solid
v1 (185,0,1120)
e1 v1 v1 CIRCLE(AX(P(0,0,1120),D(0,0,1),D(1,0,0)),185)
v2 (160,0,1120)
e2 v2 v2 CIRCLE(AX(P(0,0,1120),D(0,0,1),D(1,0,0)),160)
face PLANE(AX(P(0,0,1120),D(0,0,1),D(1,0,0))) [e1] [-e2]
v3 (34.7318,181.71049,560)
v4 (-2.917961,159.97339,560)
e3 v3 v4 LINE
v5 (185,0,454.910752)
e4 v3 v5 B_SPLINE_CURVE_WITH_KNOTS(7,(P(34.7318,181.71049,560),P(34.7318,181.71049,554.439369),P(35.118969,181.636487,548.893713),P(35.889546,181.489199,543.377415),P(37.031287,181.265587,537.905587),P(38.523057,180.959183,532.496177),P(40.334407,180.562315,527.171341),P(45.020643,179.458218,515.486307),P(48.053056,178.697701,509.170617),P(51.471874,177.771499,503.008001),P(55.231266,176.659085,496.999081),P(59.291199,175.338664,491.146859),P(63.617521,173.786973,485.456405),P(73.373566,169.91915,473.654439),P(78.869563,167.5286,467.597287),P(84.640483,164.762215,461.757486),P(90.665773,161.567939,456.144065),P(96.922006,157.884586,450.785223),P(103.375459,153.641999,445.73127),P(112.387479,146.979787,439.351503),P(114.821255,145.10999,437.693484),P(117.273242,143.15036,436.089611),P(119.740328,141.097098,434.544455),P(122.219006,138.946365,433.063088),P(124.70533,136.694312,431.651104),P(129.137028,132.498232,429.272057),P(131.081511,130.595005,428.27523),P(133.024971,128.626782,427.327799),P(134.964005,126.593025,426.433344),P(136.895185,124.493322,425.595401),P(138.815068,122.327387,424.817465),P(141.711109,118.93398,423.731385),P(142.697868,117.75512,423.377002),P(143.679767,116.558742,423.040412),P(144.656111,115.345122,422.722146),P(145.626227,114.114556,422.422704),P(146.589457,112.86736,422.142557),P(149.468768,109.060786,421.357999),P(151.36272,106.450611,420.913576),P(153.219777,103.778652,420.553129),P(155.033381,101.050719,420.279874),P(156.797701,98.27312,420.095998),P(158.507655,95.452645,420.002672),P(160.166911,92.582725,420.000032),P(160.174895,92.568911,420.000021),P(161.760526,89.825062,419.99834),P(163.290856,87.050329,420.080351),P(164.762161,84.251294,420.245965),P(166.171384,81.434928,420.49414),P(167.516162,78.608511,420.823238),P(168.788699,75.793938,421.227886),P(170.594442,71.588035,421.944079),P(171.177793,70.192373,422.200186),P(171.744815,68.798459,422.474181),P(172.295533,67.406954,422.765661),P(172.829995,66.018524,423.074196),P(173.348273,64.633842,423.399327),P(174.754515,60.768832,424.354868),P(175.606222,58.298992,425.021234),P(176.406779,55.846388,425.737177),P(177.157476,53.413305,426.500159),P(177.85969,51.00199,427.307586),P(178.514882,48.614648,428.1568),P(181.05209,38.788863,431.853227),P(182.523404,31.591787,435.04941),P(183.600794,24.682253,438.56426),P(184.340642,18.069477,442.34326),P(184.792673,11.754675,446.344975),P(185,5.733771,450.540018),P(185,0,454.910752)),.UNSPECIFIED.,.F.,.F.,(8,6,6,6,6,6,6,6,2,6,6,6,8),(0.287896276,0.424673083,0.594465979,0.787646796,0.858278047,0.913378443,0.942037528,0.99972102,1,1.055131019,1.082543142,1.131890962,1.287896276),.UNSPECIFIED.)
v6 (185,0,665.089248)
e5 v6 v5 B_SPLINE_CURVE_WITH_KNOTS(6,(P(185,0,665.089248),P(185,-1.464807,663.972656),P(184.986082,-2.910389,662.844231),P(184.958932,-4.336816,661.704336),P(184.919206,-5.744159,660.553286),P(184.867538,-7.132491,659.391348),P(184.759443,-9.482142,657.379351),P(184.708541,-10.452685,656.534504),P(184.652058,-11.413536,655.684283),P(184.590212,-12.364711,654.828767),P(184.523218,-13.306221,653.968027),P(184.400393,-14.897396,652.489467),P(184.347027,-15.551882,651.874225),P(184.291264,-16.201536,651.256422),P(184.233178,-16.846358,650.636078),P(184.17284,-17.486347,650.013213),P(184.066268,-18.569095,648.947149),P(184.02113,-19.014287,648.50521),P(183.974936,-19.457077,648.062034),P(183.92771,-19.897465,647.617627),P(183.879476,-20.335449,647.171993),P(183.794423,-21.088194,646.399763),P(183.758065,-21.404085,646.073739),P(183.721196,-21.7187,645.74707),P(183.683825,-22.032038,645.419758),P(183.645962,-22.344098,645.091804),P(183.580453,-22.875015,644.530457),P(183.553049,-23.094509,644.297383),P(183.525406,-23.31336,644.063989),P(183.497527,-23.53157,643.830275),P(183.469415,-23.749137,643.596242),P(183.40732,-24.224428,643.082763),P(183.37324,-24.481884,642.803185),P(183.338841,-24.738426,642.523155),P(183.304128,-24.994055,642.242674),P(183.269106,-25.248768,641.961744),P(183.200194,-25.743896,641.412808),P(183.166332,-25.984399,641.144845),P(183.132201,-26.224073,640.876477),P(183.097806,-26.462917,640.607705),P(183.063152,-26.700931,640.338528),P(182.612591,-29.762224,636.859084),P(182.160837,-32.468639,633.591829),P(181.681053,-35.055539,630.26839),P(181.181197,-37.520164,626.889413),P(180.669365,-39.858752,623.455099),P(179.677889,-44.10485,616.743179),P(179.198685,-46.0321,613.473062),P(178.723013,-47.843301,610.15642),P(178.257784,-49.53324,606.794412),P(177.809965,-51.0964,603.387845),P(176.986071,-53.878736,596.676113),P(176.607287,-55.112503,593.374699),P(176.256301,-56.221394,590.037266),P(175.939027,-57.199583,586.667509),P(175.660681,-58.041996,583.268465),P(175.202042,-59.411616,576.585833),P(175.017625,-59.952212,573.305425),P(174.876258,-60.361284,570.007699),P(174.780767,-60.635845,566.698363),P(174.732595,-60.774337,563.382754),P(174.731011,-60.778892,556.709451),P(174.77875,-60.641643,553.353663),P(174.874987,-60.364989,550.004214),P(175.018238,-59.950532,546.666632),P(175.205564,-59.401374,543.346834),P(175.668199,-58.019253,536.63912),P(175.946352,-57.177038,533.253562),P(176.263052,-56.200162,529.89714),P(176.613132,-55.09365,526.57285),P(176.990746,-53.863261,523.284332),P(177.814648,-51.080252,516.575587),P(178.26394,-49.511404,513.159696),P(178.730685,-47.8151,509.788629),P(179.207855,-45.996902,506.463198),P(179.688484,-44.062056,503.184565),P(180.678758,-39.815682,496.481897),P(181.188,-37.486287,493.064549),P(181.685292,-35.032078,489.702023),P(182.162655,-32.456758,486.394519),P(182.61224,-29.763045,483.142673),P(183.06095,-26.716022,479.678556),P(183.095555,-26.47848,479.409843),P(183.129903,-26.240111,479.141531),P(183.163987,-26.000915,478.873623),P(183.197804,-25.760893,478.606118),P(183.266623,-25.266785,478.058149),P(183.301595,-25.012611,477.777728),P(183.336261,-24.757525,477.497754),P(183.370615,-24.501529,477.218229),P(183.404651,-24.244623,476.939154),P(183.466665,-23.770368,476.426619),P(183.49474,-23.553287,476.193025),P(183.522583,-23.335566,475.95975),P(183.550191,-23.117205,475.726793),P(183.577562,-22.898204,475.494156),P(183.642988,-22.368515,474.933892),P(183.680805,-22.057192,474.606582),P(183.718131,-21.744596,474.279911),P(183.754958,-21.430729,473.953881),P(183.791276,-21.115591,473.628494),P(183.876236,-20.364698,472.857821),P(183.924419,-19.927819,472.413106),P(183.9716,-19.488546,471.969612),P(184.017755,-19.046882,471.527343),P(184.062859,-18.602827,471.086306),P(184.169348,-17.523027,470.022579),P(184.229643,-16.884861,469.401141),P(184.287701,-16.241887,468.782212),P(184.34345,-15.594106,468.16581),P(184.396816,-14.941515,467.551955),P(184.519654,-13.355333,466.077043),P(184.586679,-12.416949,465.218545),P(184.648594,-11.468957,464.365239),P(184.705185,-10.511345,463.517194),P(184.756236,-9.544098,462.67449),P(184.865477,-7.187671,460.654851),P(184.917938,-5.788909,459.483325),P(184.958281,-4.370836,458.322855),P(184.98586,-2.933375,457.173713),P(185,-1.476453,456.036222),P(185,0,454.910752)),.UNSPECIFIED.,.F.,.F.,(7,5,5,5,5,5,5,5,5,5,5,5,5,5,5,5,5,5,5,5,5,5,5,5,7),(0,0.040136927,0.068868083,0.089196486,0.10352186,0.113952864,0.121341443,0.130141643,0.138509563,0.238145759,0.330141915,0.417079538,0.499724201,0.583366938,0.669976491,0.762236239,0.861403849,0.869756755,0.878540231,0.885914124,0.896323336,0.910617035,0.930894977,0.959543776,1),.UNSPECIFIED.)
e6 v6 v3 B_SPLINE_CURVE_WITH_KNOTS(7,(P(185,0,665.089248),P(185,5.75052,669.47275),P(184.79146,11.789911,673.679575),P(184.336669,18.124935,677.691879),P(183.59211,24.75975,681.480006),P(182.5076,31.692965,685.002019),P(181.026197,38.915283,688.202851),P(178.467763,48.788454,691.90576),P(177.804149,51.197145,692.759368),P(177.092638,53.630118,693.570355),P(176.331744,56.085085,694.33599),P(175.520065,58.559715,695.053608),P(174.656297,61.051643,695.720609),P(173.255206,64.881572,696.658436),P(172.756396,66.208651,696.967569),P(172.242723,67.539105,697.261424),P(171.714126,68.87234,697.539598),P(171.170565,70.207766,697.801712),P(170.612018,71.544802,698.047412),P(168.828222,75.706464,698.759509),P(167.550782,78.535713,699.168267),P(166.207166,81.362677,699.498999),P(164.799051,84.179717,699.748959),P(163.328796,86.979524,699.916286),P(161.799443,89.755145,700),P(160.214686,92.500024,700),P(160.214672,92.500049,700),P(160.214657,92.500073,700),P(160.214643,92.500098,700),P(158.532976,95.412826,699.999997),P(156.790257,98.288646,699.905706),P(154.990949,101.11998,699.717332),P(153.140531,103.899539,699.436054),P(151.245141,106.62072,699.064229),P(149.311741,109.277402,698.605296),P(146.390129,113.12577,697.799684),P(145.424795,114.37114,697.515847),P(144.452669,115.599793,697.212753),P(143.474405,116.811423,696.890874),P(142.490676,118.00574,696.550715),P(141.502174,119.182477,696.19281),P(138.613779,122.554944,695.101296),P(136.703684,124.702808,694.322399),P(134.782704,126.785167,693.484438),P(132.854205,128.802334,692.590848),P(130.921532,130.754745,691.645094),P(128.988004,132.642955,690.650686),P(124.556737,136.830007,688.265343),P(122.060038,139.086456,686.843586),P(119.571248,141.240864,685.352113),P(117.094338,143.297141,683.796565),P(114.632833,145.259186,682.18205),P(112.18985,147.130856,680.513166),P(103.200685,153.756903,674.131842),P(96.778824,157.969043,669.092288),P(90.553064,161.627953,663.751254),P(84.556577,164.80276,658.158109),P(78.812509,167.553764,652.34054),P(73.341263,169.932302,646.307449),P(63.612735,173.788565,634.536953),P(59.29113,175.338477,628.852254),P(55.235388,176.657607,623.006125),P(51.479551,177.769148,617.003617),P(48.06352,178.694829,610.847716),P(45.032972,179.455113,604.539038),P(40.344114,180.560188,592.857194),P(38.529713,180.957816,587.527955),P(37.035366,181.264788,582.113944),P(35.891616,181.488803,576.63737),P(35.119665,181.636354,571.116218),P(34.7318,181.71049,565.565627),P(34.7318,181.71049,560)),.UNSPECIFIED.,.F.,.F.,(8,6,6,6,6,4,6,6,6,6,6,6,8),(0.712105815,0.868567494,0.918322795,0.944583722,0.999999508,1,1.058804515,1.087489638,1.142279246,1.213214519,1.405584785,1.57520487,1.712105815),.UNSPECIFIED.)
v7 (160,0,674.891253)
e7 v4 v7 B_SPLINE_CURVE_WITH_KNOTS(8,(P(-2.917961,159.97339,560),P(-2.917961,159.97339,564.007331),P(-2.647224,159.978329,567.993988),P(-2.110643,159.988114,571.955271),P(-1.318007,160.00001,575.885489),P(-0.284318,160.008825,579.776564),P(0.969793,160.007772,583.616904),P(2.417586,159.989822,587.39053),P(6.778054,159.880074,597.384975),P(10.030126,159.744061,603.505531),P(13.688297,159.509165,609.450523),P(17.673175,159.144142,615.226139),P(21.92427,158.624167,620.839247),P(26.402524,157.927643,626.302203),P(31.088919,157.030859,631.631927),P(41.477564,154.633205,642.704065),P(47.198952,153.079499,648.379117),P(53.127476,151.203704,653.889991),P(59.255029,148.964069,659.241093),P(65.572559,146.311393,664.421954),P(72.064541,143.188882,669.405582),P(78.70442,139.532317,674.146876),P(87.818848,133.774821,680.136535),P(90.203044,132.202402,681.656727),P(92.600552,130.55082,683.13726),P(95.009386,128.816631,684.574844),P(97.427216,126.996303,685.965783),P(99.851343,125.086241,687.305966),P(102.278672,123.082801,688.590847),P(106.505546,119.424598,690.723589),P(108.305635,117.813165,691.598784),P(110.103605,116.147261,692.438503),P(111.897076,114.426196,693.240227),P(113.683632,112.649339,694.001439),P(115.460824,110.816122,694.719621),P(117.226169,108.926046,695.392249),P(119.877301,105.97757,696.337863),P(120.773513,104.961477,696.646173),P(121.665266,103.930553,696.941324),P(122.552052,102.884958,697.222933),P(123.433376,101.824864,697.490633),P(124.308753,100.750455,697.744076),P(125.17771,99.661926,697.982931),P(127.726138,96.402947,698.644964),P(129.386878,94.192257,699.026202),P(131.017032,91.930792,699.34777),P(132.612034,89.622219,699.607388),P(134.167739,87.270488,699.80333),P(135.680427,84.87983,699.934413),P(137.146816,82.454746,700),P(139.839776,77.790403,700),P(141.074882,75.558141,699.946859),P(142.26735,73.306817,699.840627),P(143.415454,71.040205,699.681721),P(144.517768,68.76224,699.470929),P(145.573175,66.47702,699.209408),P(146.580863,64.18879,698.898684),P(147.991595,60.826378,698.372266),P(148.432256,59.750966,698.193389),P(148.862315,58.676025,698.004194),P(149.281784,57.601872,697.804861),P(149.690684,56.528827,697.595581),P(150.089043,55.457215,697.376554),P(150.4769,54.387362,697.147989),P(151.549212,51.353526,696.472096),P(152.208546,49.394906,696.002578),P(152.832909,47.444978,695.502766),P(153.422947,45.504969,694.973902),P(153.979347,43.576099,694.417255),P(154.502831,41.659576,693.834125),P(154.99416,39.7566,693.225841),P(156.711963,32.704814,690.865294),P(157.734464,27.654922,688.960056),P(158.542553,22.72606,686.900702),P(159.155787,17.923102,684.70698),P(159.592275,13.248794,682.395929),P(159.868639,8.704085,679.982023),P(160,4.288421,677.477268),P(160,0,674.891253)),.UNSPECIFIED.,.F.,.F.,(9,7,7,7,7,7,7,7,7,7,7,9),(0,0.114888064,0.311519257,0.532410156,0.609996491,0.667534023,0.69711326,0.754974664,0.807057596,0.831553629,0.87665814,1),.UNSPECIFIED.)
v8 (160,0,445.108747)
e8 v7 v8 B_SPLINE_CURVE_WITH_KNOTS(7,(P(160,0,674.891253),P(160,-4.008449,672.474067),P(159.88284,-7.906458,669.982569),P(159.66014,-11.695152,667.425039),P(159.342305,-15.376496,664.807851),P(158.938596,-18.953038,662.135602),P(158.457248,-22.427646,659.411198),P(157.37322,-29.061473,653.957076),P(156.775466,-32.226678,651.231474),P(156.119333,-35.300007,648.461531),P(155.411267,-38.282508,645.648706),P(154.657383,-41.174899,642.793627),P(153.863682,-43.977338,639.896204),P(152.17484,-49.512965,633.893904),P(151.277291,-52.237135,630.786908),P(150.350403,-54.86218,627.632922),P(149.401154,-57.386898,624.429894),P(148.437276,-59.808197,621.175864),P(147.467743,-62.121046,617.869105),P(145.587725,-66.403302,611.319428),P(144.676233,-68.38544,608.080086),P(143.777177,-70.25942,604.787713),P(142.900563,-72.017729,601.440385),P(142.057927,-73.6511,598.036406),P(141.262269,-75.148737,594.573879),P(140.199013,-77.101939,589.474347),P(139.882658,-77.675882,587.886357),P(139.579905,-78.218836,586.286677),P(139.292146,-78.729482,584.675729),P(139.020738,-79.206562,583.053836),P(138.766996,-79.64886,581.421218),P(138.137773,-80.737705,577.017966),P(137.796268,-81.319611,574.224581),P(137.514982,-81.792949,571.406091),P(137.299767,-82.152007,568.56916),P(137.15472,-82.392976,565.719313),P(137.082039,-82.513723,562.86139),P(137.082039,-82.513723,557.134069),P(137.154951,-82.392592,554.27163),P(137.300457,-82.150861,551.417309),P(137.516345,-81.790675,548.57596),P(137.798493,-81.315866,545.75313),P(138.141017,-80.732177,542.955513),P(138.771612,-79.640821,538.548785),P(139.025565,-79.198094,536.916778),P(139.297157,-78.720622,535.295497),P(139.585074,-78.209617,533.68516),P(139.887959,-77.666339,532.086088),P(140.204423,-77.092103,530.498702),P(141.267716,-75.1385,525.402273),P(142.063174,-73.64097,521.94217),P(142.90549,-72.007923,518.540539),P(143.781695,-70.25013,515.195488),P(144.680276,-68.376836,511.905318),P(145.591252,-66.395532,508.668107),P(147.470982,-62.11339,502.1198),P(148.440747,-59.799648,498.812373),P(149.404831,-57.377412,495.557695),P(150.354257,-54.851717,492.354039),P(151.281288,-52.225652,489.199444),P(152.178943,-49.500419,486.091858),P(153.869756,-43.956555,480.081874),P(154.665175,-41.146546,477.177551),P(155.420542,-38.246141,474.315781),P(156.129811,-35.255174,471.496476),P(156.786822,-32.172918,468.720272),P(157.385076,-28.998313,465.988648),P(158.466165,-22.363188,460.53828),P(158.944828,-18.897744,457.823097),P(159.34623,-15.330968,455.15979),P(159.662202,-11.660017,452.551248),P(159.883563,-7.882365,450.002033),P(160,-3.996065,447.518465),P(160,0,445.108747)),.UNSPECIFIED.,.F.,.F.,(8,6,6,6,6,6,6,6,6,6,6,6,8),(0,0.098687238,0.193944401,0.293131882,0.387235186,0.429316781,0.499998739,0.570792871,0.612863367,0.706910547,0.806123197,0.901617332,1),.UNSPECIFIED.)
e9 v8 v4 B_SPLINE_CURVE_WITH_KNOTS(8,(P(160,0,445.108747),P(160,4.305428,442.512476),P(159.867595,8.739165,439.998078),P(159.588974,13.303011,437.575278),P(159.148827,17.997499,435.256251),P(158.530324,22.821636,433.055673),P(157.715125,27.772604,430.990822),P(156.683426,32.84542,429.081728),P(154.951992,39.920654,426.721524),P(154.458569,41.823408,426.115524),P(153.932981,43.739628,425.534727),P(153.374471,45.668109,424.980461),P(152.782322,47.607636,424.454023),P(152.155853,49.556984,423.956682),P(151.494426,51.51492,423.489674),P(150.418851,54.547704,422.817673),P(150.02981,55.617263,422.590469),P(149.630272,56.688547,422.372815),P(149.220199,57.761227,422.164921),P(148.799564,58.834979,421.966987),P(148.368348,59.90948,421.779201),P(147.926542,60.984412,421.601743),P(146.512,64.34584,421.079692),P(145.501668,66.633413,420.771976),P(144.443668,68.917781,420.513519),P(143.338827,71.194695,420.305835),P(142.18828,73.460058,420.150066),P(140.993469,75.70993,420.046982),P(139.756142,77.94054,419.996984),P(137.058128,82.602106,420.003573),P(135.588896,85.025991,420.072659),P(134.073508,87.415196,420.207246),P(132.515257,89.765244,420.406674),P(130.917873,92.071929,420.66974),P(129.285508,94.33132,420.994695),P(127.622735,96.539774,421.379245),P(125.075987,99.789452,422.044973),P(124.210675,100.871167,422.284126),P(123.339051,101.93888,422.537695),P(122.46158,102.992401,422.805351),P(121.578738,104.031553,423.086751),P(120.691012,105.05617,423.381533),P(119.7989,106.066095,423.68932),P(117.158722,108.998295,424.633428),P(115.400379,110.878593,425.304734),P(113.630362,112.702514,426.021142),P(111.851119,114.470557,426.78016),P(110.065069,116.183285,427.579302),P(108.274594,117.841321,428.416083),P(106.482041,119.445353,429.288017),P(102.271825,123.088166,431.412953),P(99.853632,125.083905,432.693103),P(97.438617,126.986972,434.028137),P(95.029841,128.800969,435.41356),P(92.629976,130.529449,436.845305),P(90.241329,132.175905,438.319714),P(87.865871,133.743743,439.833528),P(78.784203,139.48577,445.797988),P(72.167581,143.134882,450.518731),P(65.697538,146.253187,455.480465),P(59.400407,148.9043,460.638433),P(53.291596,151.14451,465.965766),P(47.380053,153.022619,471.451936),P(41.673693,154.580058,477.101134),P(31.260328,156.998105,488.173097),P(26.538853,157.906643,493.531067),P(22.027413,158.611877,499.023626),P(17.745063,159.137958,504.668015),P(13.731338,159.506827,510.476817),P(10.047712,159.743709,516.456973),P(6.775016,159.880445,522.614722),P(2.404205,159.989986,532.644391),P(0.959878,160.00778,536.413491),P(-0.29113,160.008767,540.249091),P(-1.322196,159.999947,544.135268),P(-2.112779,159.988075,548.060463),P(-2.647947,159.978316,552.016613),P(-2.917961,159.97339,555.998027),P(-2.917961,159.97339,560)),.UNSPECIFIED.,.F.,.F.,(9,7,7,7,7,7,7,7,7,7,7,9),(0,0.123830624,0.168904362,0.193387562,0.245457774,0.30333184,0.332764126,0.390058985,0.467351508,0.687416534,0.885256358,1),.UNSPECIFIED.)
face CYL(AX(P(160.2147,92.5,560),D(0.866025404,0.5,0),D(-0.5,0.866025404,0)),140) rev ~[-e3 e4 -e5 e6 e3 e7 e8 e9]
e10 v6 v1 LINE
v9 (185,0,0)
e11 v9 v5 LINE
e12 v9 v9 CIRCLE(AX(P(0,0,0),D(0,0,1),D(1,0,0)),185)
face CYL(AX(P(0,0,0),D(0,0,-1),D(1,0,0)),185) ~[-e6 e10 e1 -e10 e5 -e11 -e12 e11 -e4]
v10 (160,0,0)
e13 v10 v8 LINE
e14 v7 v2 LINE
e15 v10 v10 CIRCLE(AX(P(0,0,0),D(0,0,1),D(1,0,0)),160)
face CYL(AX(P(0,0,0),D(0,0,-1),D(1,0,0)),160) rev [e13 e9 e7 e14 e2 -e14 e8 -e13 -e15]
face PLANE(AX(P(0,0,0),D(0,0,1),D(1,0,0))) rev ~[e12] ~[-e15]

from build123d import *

# Parameters (mm, degrees)
SKETCH1_R           = 185
SKETCH1_R_2         = 160
BOSS_EXTRUDE1_DEPTH = 1120
SKETCH4_R           = 140
CUT_EXTRUDE1_DEPTH  = 200


with BuildPart() as part:
    # Sketch1 → Boss-Extrude1 (new body)
    with BuildSketch(Plane.XY):
        Circle(SKETCH1_R)
        Circle(SKETCH1_R_2, mode=Mode.SUBTRACT)
    extrude(amount=BOSS_EXTRUDE1_DEPTH)

    # Sketch4 → Cut-Extrude1 (cut)
    with BuildSketch(Plane(origin=(160.2146997, 92.5, 1120), x_dir=(0, 0, -1), z_dir=(0.8660254037844397, 0.49999999999999806, 0))):
        with Locations(Location((560, 0, 0), (0, 0, 90))):
            Circle(SKETCH4_R)
    extrude(amount=-CUT_EXTRUDE1_DEPTH, mode=Mode.SUBTRACT)


solid = part.part
